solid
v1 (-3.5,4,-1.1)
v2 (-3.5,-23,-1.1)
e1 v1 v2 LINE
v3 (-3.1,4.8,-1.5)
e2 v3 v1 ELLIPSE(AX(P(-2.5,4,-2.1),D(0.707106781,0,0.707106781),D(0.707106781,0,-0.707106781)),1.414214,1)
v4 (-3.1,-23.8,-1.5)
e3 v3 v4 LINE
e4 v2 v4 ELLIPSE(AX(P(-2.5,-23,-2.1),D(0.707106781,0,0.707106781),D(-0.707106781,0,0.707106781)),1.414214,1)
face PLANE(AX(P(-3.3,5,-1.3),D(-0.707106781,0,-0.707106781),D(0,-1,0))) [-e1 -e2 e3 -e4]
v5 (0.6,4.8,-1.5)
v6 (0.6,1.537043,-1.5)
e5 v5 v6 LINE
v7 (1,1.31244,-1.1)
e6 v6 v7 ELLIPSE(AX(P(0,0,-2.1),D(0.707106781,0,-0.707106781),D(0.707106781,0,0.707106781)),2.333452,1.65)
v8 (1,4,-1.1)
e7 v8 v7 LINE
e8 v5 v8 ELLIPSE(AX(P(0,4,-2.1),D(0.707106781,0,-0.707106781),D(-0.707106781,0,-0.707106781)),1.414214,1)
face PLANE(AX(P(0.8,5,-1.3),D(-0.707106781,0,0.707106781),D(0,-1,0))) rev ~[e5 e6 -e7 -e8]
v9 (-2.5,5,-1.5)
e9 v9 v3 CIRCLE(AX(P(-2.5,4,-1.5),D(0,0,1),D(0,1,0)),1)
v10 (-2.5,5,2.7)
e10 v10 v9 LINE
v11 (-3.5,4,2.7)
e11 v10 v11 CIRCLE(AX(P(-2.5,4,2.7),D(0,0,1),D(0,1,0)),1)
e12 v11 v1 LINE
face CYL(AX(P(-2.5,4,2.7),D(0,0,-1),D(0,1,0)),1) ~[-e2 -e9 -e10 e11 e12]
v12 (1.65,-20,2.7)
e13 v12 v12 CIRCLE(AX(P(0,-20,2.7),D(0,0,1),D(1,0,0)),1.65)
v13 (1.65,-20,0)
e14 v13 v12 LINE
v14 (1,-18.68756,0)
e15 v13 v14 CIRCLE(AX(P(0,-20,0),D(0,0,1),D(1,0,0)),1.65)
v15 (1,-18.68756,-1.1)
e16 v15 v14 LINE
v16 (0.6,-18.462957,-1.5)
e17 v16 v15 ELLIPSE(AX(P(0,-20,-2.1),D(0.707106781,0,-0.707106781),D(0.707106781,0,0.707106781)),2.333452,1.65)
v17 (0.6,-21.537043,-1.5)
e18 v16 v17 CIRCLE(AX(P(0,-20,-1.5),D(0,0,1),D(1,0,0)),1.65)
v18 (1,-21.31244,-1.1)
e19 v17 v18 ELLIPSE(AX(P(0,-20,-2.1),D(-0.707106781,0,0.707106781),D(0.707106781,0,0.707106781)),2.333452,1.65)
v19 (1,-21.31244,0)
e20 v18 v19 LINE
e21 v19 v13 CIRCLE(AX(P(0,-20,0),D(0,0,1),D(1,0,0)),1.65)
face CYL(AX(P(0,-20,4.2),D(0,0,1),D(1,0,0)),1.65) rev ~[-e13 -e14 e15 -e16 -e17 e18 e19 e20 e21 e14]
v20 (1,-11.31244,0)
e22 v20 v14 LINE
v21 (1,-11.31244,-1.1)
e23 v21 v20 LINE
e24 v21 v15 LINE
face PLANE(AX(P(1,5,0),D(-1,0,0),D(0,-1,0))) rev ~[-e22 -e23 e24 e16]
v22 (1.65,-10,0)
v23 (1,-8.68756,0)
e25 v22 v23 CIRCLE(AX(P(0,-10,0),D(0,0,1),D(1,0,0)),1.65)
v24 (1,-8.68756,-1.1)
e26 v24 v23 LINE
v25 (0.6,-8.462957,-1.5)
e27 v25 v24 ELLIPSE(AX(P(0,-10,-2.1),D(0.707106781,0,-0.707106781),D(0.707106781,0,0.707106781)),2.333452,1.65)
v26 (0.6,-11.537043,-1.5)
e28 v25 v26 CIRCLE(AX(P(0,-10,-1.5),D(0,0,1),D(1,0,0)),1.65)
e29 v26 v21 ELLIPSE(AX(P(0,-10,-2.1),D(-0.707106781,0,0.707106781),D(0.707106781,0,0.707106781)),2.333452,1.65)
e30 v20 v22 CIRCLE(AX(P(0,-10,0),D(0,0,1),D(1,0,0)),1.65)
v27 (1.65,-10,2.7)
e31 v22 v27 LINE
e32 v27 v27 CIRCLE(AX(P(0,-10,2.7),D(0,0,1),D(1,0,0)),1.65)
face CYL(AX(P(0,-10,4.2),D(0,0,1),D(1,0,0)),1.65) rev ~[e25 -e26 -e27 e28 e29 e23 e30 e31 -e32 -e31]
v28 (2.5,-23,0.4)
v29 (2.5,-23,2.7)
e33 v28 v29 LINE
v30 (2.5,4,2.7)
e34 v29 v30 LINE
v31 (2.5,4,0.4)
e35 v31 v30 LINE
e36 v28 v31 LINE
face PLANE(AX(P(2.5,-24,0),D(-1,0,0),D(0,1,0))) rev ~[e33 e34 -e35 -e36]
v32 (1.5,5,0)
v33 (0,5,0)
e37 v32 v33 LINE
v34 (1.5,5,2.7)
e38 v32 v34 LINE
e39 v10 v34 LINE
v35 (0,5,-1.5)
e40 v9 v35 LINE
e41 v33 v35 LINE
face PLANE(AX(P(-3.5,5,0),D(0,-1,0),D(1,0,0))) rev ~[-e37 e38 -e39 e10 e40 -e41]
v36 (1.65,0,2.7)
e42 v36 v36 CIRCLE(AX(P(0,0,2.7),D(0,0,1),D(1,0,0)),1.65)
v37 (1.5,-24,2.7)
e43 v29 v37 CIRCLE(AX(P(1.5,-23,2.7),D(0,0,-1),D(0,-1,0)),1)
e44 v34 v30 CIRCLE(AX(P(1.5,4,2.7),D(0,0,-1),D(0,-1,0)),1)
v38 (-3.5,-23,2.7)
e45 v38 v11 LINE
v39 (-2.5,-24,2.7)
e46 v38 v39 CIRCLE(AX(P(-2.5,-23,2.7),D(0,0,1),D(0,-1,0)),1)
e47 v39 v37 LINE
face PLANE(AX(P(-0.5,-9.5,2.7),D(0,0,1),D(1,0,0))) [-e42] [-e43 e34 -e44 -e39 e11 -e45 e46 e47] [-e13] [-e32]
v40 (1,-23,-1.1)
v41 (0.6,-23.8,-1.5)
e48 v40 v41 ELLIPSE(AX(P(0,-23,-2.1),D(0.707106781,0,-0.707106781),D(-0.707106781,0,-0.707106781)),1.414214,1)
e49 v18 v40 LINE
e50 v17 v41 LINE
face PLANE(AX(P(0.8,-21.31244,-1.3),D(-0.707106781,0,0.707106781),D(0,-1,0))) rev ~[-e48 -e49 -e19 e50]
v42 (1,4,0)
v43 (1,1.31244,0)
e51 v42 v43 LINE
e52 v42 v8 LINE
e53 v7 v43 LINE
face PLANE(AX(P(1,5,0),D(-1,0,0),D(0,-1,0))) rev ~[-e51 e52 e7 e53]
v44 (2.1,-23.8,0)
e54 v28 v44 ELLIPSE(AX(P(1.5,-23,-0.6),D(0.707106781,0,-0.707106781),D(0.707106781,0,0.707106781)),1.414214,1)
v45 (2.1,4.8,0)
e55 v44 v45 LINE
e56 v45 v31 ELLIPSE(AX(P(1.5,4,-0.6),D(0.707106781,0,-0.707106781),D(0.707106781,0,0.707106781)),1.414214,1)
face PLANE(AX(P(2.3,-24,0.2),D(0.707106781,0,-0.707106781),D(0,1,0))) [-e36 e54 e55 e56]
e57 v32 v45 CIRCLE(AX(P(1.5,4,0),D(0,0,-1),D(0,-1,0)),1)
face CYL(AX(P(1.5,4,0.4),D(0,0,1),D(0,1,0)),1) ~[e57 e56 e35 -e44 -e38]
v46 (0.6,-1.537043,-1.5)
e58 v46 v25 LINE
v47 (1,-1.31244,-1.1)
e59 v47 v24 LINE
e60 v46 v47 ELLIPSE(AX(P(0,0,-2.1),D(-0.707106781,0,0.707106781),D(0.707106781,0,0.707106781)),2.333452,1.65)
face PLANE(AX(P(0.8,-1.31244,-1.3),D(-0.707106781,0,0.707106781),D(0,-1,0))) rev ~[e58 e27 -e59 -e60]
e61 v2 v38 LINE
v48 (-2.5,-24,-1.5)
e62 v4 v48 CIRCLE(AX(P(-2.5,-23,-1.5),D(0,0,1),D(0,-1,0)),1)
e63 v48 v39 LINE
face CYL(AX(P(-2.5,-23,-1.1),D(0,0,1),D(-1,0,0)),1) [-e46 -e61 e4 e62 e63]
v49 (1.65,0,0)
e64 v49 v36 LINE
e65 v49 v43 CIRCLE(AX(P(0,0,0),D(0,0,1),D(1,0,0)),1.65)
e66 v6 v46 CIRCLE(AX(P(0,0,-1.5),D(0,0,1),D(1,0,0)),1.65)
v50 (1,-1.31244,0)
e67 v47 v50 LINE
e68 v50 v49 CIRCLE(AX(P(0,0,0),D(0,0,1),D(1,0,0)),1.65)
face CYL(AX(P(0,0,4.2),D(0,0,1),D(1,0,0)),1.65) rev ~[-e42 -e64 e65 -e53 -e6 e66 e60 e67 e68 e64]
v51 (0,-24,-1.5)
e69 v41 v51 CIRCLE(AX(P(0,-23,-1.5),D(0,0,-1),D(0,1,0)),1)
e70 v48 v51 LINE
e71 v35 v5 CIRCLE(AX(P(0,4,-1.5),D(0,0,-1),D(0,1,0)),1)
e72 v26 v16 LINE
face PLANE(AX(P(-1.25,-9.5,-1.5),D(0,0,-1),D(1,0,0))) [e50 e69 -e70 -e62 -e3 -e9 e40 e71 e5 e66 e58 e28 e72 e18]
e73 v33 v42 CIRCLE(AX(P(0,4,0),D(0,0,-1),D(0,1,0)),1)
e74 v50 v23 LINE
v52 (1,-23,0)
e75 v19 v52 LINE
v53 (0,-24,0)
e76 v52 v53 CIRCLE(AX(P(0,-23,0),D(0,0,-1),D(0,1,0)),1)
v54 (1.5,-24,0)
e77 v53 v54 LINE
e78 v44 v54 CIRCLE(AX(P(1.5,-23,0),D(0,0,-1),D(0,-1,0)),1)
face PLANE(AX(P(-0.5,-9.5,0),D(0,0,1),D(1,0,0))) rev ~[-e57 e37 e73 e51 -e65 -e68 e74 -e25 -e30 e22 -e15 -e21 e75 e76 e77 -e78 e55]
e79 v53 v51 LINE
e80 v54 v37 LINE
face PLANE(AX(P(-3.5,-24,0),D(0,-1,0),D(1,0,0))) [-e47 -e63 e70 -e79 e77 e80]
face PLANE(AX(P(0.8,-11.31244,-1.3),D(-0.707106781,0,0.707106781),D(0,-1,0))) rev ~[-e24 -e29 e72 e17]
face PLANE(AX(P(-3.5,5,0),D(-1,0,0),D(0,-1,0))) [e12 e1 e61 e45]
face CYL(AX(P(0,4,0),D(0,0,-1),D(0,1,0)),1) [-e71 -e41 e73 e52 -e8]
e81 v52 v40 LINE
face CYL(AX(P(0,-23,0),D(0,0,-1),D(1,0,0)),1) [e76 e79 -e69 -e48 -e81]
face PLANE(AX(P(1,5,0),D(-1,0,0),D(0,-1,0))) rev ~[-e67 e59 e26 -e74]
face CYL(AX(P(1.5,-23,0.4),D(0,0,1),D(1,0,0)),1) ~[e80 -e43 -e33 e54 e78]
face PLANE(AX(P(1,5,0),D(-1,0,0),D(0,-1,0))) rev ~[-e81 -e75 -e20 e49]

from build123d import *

# Parameters (mm, degrees)
SKETCH_W        = 6
SKETCH_H        = 29
SKETCH_R        = 1.65
PAD_DEPTH       = 2.7
SKETCH001_W     = 4.5
SKETCH001_H     = 29
PAD001_DEPTH    = 1.5
SKETCH002_R     = 1.65
POCKET_DEPTH    = 5.701
CHAMFER_SIZE    = 0.4
CHAMFER001_SIZE = 0.4
FILLET_R        = 1
FILLET001_R     = 1


with BuildPart() as part:
    # Sketch → Pad (new body)
    with BuildSketch(Plane.XY):
        with Locations((-0.5, -9.5)):
            Rectangle(SKETCH_W, SKETCH_H)
        Circle(SKETCH_R, mode=Mode.SUBTRACT)
        with Locations((0, -10)):
            Circle(SKETCH_R, mode=Mode.SUBTRACT)
        with Locations((0, -20)):
            Circle(SKETCH_R, mode=Mode.SUBTRACT)
    extrude(amount=PAD_DEPTH)

    # Sketch001 (on Face8 of Pad) → Pad001 (join)
    with BuildSketch(Plane(origin=(0, 0, 0), x_dir=(1, 0, 0), z_dir=(0, 0, -1))):
        with Locations((-1.25, 9.5)):
            Rectangle(SKETCH001_W, SKETCH001_H)
    extrude(amount=PAD001_DEPTH)

    # Sketch002 → Pocket (cut, through all)
    with BuildSketch(Plane.XY.offset(4.2)):
        Circle(SKETCH002_R)
        with Locations((0, -10)):
            Circle(SKETCH002_R)
        with Locations((0, -20)):
            Circle(SKETCH002_R)
    extrude(amount=-POCKET_DEPTH, mode=Mode.SUBTRACT)

    # Chamfer
    chamfer_edges = [part.edges().sort_by_distance(p)[0] for p in [
        (2.5, -9.5, 0),
        (1, 3.15622, -1.5),
        (1, -5, -1.5),
        (1, -15, -1.5),
        (1, -22.65622, -1.5),
    ]]
    chamfer(chamfer_edges, length=CHAMFER_SIZE)

    # Chamfer001
    chamfer001_edges = [part.edges().sort_by_distance(p)[0] for p in [
        (-3.5, -9.5, -1.5),
    ]]
    chamfer(chamfer001_edges, length=CHAMFER001_SIZE)

    # Fillet
    fillet_edges = [part.edges().sort_by_distance(p)[0] for p in [
        (2.5, 5, 1.55),
        (1, 5, -0.55),
        (-3.5, 5, -0.55),
        (-3.5, 5, 1.35),
    ]]
    fillet(fillet_edges, radius=FILLET_R)

    # Fillet001
    fillet001_edges = [part.edges().sort_by_distance(p)[0] for p in [
        (2.5, -24, 1.55),
        (1, -24, -0.55),
        (-3.5, -24, -0.55),
        (-3.5, -24, 1.35),
    ]]
    fillet(fillet001_edges, radius=FILLET001_R)


solid = part.part
